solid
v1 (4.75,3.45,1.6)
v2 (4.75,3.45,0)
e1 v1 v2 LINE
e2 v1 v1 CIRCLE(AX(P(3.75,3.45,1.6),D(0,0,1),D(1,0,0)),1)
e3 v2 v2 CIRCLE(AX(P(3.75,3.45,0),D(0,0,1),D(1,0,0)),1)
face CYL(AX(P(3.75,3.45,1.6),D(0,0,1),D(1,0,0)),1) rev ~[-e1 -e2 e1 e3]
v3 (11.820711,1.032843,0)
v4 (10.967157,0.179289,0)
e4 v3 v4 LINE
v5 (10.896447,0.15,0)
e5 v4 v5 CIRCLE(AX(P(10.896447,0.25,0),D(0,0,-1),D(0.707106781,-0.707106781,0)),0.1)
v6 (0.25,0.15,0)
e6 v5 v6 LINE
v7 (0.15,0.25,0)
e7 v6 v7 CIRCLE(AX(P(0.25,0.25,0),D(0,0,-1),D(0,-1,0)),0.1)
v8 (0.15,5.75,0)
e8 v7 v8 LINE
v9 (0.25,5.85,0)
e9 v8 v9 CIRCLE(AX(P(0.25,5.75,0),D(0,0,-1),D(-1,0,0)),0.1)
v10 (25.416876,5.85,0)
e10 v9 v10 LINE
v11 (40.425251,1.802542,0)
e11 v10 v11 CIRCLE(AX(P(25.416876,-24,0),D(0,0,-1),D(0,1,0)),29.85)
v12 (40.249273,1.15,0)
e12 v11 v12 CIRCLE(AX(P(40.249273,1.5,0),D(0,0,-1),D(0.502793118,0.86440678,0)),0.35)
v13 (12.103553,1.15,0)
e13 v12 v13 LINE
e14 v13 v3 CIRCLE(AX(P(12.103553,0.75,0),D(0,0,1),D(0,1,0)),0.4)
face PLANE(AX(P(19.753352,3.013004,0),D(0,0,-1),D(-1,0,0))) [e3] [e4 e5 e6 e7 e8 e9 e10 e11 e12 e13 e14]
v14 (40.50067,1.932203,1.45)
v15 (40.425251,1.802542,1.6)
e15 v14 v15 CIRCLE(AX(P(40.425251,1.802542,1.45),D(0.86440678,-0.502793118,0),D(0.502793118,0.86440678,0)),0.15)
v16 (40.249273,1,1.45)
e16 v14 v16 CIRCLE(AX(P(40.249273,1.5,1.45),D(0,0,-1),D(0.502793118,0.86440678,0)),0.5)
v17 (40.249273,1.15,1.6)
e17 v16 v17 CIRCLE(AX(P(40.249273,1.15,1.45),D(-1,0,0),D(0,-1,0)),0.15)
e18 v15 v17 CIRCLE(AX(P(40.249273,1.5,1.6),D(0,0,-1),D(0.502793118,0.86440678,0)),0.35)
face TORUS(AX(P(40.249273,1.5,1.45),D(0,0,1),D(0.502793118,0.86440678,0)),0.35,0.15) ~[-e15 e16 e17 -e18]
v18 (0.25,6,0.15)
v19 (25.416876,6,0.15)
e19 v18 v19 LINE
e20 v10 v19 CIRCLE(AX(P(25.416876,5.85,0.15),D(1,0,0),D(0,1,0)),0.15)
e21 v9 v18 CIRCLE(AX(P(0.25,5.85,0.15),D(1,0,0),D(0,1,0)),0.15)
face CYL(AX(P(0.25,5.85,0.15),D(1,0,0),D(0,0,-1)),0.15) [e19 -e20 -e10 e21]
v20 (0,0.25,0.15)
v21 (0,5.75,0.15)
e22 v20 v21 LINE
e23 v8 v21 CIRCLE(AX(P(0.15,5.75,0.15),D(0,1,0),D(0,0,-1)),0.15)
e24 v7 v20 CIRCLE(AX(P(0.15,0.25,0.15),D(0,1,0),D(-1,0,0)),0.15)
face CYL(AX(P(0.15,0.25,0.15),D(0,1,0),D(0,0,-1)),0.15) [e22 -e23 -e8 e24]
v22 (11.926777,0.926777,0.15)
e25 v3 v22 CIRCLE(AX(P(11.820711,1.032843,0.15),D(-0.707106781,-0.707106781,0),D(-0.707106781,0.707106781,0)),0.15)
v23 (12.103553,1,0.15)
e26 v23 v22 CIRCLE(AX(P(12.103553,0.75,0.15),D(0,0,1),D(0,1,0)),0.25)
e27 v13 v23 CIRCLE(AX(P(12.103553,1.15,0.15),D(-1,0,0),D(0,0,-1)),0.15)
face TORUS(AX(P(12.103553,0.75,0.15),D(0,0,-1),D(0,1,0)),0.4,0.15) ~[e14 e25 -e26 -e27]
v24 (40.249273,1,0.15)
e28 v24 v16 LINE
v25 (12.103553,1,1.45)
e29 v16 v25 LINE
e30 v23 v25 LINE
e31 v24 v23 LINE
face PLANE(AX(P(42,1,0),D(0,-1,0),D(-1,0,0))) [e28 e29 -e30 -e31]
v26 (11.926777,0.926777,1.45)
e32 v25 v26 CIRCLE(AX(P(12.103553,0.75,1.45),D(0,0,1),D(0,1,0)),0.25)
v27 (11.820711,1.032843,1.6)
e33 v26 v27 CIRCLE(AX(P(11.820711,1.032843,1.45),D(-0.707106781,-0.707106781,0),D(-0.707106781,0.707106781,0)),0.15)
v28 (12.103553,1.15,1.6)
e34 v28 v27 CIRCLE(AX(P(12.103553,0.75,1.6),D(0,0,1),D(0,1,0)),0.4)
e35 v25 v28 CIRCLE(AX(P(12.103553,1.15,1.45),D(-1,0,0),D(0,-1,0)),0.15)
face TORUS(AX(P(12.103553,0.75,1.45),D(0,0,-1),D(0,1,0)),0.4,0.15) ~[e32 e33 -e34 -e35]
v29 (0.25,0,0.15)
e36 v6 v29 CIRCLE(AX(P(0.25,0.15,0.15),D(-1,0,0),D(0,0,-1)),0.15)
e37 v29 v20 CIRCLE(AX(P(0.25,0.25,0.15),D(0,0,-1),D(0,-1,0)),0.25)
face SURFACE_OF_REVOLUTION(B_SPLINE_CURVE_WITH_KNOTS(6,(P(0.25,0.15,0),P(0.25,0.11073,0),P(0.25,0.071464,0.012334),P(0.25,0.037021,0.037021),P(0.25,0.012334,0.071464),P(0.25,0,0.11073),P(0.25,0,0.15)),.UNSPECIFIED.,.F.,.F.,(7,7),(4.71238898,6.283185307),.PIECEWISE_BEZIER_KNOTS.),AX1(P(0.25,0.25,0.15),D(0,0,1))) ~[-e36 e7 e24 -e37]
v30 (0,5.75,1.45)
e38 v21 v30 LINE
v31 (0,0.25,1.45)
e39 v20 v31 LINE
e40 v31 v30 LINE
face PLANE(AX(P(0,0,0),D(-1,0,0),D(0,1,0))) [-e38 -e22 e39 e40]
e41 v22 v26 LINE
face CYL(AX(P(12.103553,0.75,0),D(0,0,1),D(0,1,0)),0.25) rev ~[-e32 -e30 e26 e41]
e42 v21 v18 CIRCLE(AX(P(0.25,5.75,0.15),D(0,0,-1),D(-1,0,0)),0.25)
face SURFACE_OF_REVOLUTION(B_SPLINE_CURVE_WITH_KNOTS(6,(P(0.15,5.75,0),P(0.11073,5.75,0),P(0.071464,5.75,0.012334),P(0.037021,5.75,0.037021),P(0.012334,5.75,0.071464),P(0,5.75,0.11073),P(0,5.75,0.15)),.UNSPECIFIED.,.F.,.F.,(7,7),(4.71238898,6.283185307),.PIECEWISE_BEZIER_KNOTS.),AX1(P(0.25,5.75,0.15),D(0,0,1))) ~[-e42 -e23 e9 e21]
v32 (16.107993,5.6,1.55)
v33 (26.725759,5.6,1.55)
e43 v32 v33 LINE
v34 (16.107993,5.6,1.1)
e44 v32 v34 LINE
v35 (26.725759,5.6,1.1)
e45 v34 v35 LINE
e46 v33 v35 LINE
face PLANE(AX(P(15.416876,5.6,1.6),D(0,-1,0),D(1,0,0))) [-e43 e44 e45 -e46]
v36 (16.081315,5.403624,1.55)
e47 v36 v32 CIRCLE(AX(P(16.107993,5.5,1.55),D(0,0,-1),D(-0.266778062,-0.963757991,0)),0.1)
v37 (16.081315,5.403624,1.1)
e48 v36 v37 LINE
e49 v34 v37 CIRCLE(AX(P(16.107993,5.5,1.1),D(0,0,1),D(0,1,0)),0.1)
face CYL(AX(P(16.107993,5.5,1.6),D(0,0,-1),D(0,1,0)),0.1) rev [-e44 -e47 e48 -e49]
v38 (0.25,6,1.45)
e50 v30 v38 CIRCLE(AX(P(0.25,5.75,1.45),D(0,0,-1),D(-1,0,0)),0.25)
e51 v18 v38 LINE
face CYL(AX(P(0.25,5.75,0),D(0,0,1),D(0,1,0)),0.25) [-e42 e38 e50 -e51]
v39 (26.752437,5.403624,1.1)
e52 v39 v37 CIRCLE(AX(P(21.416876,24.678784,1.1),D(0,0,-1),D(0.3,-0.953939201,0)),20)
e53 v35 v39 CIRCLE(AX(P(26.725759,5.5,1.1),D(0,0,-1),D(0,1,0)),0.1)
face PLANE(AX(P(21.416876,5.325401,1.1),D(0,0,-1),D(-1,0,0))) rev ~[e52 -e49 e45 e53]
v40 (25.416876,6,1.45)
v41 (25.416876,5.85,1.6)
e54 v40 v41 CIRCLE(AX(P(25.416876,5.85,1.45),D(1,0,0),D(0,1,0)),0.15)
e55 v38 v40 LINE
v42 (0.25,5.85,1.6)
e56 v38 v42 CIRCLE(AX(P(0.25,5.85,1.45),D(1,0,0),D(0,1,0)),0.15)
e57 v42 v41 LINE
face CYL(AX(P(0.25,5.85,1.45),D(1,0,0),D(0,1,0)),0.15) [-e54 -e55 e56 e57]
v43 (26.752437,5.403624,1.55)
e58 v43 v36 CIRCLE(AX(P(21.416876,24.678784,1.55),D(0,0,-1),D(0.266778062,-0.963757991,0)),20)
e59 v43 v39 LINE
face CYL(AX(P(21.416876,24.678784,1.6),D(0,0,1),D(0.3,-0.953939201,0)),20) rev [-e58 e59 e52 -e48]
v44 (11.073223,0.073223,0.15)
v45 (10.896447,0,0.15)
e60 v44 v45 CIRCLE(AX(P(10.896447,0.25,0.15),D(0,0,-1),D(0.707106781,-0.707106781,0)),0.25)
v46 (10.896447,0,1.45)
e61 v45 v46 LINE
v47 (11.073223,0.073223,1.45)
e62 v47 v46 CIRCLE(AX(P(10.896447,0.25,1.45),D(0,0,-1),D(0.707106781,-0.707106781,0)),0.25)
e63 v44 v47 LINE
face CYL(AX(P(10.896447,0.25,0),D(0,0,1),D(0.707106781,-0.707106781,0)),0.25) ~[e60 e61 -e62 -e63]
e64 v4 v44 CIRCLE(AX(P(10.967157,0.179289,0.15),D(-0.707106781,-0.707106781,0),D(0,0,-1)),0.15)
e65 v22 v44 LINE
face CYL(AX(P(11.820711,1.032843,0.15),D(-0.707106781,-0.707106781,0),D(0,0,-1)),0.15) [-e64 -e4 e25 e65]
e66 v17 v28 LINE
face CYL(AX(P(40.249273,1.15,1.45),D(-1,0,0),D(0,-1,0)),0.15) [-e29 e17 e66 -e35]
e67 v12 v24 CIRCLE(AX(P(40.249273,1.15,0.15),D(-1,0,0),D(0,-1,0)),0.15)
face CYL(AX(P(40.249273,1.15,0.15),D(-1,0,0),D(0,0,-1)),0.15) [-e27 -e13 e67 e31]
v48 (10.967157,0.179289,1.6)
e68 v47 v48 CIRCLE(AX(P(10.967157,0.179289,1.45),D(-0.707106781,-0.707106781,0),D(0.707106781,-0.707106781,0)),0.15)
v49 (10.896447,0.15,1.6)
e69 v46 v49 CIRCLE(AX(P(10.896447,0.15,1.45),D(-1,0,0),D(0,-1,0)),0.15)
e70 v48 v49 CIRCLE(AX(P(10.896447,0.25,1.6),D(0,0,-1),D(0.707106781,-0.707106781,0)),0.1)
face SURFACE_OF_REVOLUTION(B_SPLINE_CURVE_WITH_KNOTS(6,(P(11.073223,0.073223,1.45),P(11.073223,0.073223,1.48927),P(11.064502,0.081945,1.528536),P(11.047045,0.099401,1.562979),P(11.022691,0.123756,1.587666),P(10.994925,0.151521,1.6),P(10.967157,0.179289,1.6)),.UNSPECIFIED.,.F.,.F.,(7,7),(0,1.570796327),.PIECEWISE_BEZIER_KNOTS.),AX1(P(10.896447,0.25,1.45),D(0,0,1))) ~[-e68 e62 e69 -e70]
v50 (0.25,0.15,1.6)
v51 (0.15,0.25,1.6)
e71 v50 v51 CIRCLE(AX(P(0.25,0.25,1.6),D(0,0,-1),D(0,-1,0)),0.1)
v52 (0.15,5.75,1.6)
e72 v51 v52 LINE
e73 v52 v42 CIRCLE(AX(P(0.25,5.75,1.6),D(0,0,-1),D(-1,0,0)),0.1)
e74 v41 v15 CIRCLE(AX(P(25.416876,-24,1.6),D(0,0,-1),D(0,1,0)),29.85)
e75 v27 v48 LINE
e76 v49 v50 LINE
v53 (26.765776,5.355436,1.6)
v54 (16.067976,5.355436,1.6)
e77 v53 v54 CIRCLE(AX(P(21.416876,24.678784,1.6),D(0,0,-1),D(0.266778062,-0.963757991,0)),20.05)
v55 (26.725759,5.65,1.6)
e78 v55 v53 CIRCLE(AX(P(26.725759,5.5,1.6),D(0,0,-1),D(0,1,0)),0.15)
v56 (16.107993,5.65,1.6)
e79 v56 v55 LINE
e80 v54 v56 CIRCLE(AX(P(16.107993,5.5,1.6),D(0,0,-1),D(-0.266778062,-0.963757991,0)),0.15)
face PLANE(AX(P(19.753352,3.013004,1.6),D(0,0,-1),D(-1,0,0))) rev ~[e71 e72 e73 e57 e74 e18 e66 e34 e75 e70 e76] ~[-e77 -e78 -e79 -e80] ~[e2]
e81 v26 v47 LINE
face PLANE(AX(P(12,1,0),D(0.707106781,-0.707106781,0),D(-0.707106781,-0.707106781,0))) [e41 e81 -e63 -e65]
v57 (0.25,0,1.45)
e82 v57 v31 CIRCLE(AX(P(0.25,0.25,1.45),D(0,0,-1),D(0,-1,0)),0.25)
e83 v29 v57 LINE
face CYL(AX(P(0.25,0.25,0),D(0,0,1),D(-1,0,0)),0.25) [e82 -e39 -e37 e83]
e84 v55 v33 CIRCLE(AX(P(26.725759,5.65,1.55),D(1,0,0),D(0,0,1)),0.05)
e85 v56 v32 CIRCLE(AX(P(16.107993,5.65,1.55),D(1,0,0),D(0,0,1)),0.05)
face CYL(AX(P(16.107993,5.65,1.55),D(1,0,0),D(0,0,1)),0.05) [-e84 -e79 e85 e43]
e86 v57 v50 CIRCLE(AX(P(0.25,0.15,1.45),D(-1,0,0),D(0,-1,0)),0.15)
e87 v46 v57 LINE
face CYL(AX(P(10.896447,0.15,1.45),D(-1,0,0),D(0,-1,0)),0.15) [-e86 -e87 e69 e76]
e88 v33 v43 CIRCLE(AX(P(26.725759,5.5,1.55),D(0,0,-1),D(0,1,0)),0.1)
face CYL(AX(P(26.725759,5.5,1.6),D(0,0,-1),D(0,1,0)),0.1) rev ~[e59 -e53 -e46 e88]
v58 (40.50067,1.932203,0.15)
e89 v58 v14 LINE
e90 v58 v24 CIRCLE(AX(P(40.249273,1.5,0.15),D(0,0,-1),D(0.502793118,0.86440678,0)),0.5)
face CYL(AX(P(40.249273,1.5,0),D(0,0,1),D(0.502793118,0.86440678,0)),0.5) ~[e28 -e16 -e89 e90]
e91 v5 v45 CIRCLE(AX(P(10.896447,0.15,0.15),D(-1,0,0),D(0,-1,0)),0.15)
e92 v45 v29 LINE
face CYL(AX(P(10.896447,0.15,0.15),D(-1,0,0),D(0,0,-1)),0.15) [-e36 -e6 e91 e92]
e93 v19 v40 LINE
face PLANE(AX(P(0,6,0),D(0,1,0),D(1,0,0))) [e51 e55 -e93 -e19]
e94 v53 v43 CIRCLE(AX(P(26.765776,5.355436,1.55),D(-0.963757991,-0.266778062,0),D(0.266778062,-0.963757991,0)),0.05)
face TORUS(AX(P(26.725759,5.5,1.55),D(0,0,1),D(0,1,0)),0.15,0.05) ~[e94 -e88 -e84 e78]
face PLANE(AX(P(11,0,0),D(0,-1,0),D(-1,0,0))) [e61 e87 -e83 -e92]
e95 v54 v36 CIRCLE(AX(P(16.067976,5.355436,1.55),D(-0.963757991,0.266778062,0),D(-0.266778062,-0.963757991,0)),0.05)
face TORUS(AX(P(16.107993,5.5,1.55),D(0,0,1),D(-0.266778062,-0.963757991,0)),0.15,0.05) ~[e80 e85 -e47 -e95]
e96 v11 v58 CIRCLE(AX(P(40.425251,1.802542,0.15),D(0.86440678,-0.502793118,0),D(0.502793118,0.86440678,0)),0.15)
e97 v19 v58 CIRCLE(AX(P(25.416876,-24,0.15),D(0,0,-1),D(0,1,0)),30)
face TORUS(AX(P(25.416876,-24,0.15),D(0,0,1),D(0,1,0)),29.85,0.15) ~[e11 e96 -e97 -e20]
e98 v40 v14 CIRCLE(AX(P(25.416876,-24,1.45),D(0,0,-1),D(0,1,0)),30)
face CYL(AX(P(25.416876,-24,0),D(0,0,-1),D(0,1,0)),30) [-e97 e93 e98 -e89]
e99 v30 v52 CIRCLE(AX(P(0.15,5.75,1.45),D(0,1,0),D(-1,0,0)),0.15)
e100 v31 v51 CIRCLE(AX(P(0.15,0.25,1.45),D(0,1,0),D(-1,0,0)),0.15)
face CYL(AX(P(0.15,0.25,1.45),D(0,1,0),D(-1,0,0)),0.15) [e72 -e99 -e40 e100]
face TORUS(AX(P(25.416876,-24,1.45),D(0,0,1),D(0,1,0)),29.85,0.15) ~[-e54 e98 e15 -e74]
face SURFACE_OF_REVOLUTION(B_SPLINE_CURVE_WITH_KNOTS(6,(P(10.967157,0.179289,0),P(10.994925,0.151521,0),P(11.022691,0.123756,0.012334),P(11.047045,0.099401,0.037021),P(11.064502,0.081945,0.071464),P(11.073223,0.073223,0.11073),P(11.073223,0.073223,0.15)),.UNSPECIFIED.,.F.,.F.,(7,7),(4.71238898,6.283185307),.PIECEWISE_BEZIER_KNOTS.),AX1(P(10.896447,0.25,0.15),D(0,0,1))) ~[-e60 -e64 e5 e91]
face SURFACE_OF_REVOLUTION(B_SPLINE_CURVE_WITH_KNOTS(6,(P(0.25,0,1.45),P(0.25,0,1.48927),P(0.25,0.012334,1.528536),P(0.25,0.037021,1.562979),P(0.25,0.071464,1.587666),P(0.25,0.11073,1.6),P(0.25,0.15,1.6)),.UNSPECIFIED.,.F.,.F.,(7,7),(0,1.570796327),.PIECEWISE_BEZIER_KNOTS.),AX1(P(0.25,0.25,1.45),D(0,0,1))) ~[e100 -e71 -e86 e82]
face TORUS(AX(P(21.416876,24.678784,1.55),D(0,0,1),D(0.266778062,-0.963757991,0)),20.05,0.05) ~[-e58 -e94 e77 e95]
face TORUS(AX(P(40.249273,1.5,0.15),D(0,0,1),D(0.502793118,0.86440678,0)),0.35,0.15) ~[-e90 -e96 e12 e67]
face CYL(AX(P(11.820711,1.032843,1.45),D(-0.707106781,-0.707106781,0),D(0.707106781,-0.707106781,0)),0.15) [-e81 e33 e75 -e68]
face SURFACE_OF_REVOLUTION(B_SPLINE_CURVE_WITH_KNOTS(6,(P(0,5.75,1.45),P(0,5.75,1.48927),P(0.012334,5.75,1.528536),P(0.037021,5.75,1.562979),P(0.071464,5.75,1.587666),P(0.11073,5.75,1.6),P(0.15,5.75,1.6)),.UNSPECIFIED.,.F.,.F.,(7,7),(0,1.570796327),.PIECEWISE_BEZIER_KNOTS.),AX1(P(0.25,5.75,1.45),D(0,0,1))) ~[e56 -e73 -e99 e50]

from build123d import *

# Parameters (mm, degrees)
BOSS_EXTRUDE1_DEPTH = 1.6
FILLET1_R           = 0.5
FILLET2_R           = 0.25
FILLET3_R           = 0.15
SKETCH2_R           = 1
CUT_EXTRUDE1_DEPTH  = 42.21969505
CUT_EXTRUDE2_DEPTH  = 0.5
FILLET4_R           = 0.1
FILLET5_R           = 0.05


with BuildPart() as part:
    # Sketch1 → Boss-Extrude1 (new body)
    with BuildSketch(Plane.XY):
        with BuildLine():
            Line((0, 0), (0, 6))
            Line((0, 6), (25.416876048, 6))
            ThreePointArc((25.416876048, 6), (34.077130086, 4.722813233), (42, 1))
            Line((42, 1), (12, 1))
            Line((12, 1), (11, 0))
            Line((11, 0), (0, 0))
        make_face()
    extrude(amount=BOSS_EXTRUDE1_DEPTH)

    # Fillet1
    fillet1_edges = [part.edges().sort_by_distance(p)[0] for p in [
        (42, 1, 0.8),
    ]]
    fillet(fillet1_edges, radius=FILLET1_R)

    # Fillet2
    fillet2_edges = [part.edges().sort_by_distance(p)[0] for p in [
        (0, 0, 0.8),
        (0, 6, 0.8),
        (12, 1, 0.8),
        (11, 0, 0.8),
    ]]
    fillet(fillet2_edges, radius=FILLET2_R)

    # Fillet3
    fillet3_edges = [part.edges().sort_by_distance(p)[0] for p in [
        (33.228210707, 4.96520414, 0),
        (33.228210707, 4.96520414, 1.6),
        (12.833438024, 6, 1.6),
        (40.732026425, 1.369811089, 0),
        (40.732026425, 1.369811089, 1.6),
        (0, 3, 0),
        (0, 3, 1.6),
        (26.176413207, 1, 0),
        (11.5, 0.5, 0),
        (5.573223305, 0, 0),
        (0.073223305, 0.073223305, 0),
        (10.992117467, 0.019030117, 0),
        (0.073223305, 5.926776695, 0),
        (26.176413207, 1, 1.6),
        (5.573223305, 0, 1.6),
        (11.5, 0.5, 1.6),
        (0.073223305, 0.073223305, 1.6),
        (10.992117467, 0.019030117, 1.6),
        (0.073223305, 5.926776695, 1.6),
        (12.007882533, 0.980969883, 0),
        (12.007882533, 0.980969883, 1.6),
        (12.833438024, 6, 0),
    ]]
    fillet(fillet3_edges, radius=FILLET3_R)

    # Sketch2 → Cut-Extrude1 (cut, through all)
    with BuildSketch(Plane.XY.offset(1.6)):
        with Locations((3.75, 3.45)):
            Circle(SKETCH2_R)
    extrude(amount=-CUT_EXTRUDE1_DEPTH, mode=Mode.SUBTRACT)

    # Sketch3 → Cut-Extrude2 (cut)
    with BuildSketch(Plane.XY.offset(1.6)):
        with BuildLine():
            Line((15.416876048, 5.6), (27.416876048, 5.6))
            ThreePointArc((27.416876048, 5.6), (21.416876048, 4.678784028), (15.416876048, 5.6))
        make_face()
    extrude(amount=-CUT_EXTRUDE2_DEPTH, mode=Mode.SUBTRACT)

    # Fillet4
    fillet4_edges = [part.edges().sort_by_distance(p)[0] for p in [
        (27.416876048, 5.6, 1.35),
        (15.416876048, 5.6, 1.35),
    ]]
    fillet(fillet4_edges, radius=FILLET4_R)

    # Fillet5
    fillet5_edges = [part.edges().sort_by_distance(p)[0] for p in [
        (21.416876048, 5.6, 1.6),
        (21.416876048, 4.678784028, 1.6),
        (26.824849278, 5.513461428, 1.6),
        (16.008902818, 5.513461428, 1.6),
    ]]
    fillet(fillet5_edges, radius=FILLET5_R)


solid = part.part
